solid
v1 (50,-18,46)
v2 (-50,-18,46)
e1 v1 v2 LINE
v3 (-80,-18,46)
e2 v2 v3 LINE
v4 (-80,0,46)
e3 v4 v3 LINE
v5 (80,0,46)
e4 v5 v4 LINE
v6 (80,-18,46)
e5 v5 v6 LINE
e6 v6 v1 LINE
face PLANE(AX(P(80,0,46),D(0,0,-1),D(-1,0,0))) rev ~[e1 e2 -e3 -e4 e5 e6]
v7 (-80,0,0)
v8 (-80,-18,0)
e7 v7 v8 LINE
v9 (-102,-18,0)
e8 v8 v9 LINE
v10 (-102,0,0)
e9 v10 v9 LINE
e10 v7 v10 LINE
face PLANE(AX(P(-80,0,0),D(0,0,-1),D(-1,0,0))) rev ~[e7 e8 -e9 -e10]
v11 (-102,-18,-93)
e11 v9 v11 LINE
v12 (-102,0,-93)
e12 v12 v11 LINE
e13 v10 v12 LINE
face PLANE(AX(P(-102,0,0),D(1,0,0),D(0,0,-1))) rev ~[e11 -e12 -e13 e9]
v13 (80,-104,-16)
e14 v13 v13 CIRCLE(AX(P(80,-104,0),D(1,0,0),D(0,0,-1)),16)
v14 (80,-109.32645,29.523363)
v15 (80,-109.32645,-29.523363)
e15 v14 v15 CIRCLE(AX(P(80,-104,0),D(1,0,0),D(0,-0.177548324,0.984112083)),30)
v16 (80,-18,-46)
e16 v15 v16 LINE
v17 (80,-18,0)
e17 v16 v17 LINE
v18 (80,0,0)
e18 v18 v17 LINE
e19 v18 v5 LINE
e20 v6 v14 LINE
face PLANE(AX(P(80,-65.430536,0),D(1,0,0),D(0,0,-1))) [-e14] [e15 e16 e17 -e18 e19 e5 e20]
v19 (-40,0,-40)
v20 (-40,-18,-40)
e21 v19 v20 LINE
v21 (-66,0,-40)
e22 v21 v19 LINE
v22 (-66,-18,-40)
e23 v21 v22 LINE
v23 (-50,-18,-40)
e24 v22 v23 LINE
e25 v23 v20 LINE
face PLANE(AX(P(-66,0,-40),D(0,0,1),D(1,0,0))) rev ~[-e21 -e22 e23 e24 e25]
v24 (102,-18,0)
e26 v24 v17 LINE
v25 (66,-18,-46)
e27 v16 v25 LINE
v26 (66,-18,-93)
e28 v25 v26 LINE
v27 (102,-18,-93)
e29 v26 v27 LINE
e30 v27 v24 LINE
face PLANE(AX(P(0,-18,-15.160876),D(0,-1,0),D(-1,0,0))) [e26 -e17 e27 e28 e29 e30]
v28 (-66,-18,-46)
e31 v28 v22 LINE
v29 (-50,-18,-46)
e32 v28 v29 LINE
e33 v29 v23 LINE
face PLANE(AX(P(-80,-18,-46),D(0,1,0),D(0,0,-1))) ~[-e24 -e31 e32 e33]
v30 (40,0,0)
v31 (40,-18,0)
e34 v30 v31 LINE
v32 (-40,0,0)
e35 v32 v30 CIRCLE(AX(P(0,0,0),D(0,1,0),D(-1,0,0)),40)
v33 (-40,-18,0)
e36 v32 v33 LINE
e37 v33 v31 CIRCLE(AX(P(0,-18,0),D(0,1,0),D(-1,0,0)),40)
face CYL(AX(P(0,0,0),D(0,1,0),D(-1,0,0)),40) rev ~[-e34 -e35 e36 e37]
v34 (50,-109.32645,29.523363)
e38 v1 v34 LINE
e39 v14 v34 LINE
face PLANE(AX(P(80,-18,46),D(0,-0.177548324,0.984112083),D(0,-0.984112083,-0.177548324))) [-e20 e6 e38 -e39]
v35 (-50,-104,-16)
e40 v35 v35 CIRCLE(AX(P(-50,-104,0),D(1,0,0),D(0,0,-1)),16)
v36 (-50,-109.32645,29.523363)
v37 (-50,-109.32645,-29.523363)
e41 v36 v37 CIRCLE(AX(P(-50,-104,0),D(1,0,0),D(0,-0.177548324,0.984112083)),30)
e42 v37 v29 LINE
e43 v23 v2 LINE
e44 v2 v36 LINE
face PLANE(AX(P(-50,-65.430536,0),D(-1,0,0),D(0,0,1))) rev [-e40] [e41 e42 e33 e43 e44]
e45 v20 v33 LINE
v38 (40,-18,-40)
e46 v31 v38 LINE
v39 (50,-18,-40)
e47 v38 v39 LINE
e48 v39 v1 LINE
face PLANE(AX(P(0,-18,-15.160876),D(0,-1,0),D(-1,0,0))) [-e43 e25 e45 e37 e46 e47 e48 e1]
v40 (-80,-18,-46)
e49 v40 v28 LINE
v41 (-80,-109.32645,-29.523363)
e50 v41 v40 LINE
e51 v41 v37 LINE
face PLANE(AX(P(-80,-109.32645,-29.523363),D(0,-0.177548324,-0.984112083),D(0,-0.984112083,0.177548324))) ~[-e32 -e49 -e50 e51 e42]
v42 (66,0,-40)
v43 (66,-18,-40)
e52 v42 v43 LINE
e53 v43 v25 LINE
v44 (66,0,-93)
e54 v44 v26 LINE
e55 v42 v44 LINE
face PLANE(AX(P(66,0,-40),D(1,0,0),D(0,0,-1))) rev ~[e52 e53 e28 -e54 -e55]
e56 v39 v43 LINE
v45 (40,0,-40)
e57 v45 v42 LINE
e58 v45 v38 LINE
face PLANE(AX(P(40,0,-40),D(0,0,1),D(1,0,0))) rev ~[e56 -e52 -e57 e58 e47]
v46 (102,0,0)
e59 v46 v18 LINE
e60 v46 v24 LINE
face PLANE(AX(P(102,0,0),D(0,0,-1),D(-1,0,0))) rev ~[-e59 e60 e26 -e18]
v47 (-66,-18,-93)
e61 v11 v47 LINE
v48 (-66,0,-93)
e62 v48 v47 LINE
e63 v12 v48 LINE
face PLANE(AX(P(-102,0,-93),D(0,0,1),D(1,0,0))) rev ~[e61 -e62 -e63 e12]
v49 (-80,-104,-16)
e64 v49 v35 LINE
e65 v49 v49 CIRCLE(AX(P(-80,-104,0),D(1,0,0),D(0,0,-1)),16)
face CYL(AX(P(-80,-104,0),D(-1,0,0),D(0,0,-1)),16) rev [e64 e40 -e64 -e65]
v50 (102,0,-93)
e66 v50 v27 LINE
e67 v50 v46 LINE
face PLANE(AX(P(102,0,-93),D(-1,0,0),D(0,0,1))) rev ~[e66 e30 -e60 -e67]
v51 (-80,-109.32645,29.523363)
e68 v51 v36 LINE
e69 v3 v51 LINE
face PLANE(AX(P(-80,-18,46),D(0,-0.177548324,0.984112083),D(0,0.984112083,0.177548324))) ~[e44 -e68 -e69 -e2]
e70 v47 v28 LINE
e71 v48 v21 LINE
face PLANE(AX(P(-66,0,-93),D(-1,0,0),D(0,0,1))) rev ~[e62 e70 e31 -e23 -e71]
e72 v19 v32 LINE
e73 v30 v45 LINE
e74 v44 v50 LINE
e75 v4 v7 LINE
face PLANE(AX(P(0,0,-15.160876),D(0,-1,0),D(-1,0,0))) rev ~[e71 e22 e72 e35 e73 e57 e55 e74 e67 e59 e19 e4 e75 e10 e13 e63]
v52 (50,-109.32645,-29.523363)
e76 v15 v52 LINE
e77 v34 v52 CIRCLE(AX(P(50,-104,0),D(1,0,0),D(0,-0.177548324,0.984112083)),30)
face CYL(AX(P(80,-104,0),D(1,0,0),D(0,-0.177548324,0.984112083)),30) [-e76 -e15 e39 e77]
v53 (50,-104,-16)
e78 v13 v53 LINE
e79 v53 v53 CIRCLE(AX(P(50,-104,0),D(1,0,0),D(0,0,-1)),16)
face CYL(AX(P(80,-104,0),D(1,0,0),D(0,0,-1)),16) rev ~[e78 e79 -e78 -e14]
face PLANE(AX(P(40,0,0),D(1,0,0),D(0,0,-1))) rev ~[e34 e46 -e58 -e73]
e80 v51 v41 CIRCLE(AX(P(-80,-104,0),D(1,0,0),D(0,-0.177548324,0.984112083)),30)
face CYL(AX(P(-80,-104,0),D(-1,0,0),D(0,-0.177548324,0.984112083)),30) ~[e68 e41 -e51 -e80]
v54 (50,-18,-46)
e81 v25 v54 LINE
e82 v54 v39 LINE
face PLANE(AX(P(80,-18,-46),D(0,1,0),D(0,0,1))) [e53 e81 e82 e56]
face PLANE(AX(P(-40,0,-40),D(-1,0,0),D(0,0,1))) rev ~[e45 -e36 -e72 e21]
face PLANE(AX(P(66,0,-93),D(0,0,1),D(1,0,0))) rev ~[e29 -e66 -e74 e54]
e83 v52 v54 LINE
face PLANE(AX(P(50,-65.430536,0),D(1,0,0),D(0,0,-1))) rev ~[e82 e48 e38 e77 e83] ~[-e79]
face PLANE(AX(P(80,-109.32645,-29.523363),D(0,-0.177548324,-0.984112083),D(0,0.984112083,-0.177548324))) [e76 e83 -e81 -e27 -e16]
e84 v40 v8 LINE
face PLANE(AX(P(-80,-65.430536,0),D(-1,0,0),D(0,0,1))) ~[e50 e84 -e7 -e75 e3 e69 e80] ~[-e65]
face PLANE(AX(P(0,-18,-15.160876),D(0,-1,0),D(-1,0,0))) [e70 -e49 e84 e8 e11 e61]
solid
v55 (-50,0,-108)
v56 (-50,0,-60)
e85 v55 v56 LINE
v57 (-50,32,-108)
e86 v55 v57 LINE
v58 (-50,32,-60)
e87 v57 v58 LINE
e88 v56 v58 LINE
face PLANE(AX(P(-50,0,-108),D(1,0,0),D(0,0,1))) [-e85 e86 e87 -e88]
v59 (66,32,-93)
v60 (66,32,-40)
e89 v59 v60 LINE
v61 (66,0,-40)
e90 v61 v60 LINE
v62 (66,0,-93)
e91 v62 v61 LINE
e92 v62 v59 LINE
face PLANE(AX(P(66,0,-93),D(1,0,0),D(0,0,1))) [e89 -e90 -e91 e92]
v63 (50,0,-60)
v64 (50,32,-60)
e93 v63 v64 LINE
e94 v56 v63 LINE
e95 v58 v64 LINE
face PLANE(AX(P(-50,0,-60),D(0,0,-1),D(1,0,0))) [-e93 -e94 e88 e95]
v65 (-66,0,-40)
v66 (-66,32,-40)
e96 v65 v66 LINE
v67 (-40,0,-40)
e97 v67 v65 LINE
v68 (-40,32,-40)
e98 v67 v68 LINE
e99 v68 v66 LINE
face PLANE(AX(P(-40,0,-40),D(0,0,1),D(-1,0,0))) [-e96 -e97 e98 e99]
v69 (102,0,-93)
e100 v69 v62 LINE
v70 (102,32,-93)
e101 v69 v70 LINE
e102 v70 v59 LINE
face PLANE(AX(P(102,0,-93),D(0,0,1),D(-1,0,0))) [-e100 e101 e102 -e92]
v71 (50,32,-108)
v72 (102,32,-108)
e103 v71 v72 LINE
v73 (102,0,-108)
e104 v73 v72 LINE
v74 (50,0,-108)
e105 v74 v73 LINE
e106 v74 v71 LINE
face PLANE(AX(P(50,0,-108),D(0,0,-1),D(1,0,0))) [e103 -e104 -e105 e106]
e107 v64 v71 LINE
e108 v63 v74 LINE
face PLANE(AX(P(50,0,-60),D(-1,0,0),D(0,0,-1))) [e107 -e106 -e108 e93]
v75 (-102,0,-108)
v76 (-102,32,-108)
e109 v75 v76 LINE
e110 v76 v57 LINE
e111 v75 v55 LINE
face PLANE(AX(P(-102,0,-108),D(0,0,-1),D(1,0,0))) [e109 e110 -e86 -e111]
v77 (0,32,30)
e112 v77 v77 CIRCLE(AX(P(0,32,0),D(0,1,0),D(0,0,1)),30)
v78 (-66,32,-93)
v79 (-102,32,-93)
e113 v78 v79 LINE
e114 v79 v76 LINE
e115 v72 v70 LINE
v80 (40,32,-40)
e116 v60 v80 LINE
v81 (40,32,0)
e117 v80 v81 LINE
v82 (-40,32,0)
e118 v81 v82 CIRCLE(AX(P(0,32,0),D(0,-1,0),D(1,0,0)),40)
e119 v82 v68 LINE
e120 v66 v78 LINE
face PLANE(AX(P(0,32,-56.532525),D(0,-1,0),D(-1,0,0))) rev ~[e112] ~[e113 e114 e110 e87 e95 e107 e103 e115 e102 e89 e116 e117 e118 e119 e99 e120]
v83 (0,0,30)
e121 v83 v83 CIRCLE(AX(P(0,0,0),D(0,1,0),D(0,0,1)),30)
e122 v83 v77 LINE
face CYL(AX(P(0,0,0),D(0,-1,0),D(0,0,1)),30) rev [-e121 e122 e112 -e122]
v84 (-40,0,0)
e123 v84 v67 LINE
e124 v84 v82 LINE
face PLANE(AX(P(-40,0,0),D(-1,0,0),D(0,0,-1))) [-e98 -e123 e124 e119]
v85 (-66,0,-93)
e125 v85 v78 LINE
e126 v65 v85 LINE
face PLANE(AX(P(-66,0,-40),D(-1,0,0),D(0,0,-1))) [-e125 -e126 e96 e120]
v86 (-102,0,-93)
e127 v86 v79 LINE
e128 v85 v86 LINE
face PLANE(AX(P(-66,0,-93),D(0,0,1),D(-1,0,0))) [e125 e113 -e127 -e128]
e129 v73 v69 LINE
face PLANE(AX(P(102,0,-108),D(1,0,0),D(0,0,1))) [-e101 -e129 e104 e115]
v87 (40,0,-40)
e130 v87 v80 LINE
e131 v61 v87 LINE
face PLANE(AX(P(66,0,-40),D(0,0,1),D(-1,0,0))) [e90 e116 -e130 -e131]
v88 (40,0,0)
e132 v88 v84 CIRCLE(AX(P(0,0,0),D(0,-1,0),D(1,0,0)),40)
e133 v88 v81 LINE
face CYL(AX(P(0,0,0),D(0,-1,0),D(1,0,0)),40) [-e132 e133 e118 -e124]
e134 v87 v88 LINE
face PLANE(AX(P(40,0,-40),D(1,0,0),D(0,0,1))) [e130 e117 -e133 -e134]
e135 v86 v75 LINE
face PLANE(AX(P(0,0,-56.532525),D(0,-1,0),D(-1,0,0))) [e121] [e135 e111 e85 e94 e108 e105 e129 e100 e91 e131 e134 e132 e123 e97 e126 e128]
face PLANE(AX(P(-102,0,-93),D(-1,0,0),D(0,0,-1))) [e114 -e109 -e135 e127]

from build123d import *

# Parameters (mm, degrees)
SKETCH1_R           = 30
BOSS_EXTRUDE1_DEPTH = 32
BOSS_EXTRUDE2_DEPTH = 18
SKETCH2_R           = 16
BOSS_EXTRUDE3_DEPTH = 30


with BuildPart() as part:
    # Sketch1 → Boss-Extrude1 (new body)
    with BuildSketch(Plane(origin=(0, 0, 0), x_dir=(1, 0, 0), z_dir=(0, 1, 0))):
        with BuildLine():
            ThreePointArc((-40, 0), (0, -40), (40, 0))
            Line((40, 0), (40, 40))
            Line((40, 40), (66, 40))
            Line((66, 40), (66, 93))
            Line((66, 93), (102, 93))
            Line((102, 93), (102, 108))
            Line((102, 108), (50, 108))
            Line((50, 108), (50, 60))
            Line((50, 60), (-50, 60))
            Line((-50, 60), (-50, 108))
            Line((-50, 108), (-102, 108))
            Line((-102, 108), (-102, 93))
            Line((-102, 93), (-66, 93))
            Line((-66, 93), (-66, 40))
            Line((-66, 40), (-40, 40))
            Line((-40, 40), (-40, 0))
        make_face()
        Circle(SKETCH1_R, mode=Mode.SUBTRACT)
    extrude(amount=BOSS_EXTRUDE1_DEPTH)


with BuildPart() as body_2:
    # Sketch1<3> → Boss-Extrude2 (new body)
    with BuildSketch(Plane(origin=(0, 0, 0), x_dir=(1, 0, 0), z_dir=(0, 1, 0))):
        with BuildLine():
            Line((40, 40), (40, 0))
            ThreePointArc((40, 0), (0, -40), (-40, 0))
            Line((-40, 0), (-40, 40))
            Line((-40, 40), (-66, 40))
            Line((-66, 40), (-66, 93))
            Line((-66, 93), (-102, 93))
            Line((-102, 93), (-102, 0))
            Line((-102, 0), (-80, 0))
            Line((-80, 0), (-80, -46))
            Line((-80, -46), (80, -46))
            Line((80, -46), (80, 0))
            Line((80, 0), (102, 0))
            Line((102, 0), (102, 93))
            Line((102, 93), (66, 93))
            Line((66, 93), (66, 40))
            Line((66, 40), (40, 40))
        make_face()
    extrude(amount=-BOSS_EXTRUDE2_DEPTH)

    # Sketch2 → Boss-Extrude3 (add)
    with BuildSketch(Plane(origin=(80, 0, 0), x_dir=(0, 0, -1), z_dir=(1, 0, 0))):
        with BuildLine():
            Line((-46, -18), (-29.523362503, -109.326449711))
            ThreePointArc((-29.523362503, -109.326449711), (0, -134), (29.523362503, -109.326449711))
            Line((29.523362503, -109.326449711), (46, -18))
            Line((46, -18), (-46, -18))
        make_face()
        with Locations((0, -104)):
            Circle(SKETCH2_R, mode=Mode.SUBTRACT)
    boss_extrude3 = extrude(amount=-BOSS_EXTRUDE3_DEPTH)

    # Mirror1: Boss-Extrude3 across plane
    add(boss_extrude3.mirror(Plane(origin=(0, 0, 0), x_dir=(0, 0, 1), z_dir=(1, 0, 0))))


solid = Compound([part.part, body_2.part])
